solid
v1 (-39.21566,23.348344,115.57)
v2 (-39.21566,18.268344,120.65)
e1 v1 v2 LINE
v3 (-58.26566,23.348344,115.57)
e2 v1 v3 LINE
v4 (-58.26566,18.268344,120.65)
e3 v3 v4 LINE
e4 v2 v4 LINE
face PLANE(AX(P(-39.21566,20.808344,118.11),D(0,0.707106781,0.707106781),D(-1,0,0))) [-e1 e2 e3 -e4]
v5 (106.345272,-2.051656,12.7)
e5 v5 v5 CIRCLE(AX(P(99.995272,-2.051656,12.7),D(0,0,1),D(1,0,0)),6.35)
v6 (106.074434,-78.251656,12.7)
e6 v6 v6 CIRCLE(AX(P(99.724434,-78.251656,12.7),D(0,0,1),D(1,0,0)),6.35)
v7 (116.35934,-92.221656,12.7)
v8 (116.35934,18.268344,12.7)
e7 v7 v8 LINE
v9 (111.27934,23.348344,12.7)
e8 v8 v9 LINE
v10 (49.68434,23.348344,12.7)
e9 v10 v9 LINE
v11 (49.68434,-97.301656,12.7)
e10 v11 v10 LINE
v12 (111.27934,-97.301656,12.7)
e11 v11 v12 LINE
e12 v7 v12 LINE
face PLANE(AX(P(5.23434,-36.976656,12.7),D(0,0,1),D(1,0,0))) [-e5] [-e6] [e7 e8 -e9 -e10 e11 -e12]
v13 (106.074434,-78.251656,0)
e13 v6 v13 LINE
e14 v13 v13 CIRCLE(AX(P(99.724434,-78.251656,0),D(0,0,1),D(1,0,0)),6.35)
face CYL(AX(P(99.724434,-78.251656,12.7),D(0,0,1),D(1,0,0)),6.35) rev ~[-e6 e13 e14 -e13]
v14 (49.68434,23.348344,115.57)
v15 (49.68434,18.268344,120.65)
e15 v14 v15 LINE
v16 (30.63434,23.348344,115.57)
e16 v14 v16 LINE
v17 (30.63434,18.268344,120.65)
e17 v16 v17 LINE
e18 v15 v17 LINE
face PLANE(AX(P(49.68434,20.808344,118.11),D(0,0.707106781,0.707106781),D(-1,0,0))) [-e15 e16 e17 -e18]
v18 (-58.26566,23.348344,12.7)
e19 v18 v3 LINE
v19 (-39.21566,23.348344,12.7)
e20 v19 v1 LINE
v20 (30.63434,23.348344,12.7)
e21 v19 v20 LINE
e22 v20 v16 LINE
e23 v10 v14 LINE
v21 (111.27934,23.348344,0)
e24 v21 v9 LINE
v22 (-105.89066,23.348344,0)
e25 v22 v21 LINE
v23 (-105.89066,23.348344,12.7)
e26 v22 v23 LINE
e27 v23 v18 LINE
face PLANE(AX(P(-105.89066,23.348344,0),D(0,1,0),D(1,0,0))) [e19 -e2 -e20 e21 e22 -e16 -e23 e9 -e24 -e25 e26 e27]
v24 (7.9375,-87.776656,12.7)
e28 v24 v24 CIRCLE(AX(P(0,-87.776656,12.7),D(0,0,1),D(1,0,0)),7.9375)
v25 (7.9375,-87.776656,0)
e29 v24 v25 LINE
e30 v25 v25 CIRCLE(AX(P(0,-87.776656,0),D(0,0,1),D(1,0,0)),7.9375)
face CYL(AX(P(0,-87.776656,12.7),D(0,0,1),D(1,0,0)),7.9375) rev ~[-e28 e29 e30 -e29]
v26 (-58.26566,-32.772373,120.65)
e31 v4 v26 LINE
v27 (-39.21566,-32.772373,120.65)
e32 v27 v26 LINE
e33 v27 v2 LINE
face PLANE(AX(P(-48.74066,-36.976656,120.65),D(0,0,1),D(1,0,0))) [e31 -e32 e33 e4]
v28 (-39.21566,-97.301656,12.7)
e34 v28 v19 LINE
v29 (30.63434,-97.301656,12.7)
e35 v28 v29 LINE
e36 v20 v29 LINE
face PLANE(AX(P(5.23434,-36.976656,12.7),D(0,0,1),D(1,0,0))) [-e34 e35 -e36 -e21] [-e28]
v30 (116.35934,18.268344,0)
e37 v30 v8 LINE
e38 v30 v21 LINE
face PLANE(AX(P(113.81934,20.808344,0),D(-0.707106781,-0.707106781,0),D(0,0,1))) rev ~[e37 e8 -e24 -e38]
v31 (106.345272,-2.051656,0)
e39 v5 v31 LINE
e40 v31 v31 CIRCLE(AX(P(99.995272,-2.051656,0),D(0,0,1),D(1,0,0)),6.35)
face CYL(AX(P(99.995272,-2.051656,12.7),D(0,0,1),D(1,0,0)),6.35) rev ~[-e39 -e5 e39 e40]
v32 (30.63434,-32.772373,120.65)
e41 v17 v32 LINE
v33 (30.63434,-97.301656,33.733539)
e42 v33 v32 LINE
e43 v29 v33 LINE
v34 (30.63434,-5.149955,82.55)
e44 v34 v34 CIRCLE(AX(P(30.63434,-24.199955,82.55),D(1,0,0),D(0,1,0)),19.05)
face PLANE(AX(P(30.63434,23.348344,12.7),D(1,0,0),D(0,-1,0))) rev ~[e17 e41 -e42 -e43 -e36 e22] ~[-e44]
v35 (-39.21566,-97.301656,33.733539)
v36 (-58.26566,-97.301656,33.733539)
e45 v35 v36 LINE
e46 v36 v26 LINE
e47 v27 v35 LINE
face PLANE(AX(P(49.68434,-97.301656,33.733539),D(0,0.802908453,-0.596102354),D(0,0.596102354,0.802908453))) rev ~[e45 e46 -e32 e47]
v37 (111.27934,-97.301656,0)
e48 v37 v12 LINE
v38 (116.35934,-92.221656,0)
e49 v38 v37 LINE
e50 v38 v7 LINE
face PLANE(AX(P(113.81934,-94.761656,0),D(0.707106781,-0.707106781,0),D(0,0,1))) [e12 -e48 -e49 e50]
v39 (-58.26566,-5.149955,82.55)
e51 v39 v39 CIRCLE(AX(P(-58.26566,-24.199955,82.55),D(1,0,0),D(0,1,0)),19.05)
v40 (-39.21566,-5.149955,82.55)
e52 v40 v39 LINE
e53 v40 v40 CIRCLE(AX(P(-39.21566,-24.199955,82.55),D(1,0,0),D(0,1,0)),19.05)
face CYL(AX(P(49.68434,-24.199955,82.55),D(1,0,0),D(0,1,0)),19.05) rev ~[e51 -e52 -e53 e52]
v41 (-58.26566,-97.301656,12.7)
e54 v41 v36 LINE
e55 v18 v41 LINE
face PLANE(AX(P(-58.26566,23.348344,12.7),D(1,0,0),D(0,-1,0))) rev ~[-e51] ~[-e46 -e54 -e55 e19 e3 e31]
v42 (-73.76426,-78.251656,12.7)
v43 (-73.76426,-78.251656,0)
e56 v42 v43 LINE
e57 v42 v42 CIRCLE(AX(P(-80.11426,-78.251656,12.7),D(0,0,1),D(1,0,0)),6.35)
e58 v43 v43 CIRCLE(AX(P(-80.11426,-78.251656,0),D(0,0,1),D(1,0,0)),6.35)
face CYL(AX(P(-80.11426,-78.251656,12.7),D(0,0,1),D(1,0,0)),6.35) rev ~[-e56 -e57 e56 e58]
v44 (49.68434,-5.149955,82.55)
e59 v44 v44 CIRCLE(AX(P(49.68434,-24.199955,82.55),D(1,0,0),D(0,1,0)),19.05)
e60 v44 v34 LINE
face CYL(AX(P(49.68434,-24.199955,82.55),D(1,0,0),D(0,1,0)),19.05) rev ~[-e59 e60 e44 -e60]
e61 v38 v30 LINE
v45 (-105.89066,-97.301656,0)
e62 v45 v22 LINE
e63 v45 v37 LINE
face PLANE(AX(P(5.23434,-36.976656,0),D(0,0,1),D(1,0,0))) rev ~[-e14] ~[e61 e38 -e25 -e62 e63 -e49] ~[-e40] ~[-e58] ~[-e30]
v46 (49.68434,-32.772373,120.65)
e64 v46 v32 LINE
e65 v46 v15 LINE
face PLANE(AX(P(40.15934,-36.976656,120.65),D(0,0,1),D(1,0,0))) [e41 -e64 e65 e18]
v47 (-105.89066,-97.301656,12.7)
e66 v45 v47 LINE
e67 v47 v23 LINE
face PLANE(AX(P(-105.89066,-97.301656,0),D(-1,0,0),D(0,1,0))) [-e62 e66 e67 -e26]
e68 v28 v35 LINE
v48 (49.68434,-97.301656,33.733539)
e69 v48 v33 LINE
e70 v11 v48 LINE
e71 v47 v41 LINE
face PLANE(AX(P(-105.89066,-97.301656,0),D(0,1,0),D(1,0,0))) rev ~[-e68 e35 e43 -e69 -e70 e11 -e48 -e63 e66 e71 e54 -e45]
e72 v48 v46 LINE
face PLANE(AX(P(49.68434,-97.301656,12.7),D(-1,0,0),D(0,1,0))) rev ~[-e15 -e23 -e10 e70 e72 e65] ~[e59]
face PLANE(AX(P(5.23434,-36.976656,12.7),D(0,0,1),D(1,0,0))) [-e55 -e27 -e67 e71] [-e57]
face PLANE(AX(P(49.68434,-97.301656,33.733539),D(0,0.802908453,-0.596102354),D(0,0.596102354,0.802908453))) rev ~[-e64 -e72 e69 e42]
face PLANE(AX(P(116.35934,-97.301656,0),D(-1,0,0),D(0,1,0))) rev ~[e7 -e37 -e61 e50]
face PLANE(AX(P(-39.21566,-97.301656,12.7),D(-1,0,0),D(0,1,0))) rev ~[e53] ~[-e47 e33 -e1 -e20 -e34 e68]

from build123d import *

# Parameters (mm, degrees)
F0_W      = 222.25
F0_H      = 120.65
F1_DEPTH  = 12.7
F3_DEPTH  = 107.95
F5_DEPTH  = 107.95
F6_SIZE2  = 5.08
F6_SIZE   = 5.08
F7_R      = 19.05
F8_DEPTH  = 192.278
F9_SIZE   = 5.08
F10_SIZE  = 5.08
F11_SIZE  = 5.08
F12_R     = 6.35
F12_R_2   = 7.9375
F13_DEPTH = 25.4
F15_DEPTH = 216.154


with BuildPart() as f1:
    # F0 (on Top) → F1 (new body)
    with BuildSketch(Plane.XY):
        with Locations((5.2343402058, -36.9766564707)):
            Rectangle(F0_W, F0_H)
    extrude(amount=F1_DEPTH)

    # F2 (on face) → F3 (join)
    with BuildSketch(Plane.XY.offset(12.7)):
        Polygon((-58.2656597942, 23.3483435293), (-58.2656597942, -85.1823836565), (-58.2656597942, -97.3016564707), (-39.2156597942, -97.3016564707), (-39.2156597942, 23.3483435293), align=None)
    extrude(amount=F3_DEPTH)

    # F4 (on face) → F5 (join)
    with BuildSketch(Plane.XY.offset(12.7)):
        Polygon((30.6343402058, 23.3483435293), (30.6343402058, -84.2409580946), (30.6343402058, -97.3016564707), (49.6843402058, -97.3016564707), (49.6843402058, 23.3483435293), align=None)
    extrude(amount=F5_DEPTH)

    # F6
    f6_edges = [f1.edges().sort_by_distance(p)[0] for p in [
        (40.15934, 23.348344, 120.65),
    ]]
    chamfer(f6_edges, length=F6_SIZE, length2=F6_SIZE2)

    # F7 (on face) → F8 (cut)
    with BuildSketch(Plane.YZ.offset(49.6843402058)):
        with Locations((-24.1999551654, 82.55)):
            Circle(F7_R)
    extrude(amount=-F8_DEPTH, mode=Mode.SUBTRACT)

    # F9
    f9_edges = [f1.edges().sort_by_distance(p)[0] for p in [
        (-48.74066, 23.348344, 120.65),
    ]]
    chamfer(f9_edges, length=F9_SIZE)

    # F10
    f10_edges = [f1.edges().sort_by_distance(p)[0] for p in [
        (116.35934, -97.301656, 6.35),
    ]]
    chamfer(f10_edges, length=F10_SIZE)

    # F11
    f11_edges = [f1.edges().sort_by_distance(p)[0] for p in [
        (116.35934, 23.348344, 6.35),
    ]]
    chamfer(f11_edges, length=F11_SIZE)

    # F12 (on face) → F13 (cut)
    with BuildSketch(Plane.XY.offset(12.7)):
        with Locations((99.7244338119, -78.2516564707)):
            Circle(F12_R)
        with Locations((99.9952717069, -2.0516564707)):
            Circle(F12_R)
        with Locations((-80.1142602397, -78.2516564707)):
            Circle(F12_R)
        with Locations((0, -87.7766564707)):
            Circle(F12_R_2)
    extrude(amount=-F13_DEPTH, mode=Mode.SUBTRACT)

    # F14 (on face) → F15 (cut)
    with BuildSketch(Plane.YZ.offset(49.6843402058)):
        Polygon((-97.3016564707, 120.65), (-97.3016564707, 33.7335392833), (-32.7723734081, 120.65), align=None)
    extrude(amount=-F15_DEPTH, mode=Mode.SUBTRACT)


solid = f1.part
